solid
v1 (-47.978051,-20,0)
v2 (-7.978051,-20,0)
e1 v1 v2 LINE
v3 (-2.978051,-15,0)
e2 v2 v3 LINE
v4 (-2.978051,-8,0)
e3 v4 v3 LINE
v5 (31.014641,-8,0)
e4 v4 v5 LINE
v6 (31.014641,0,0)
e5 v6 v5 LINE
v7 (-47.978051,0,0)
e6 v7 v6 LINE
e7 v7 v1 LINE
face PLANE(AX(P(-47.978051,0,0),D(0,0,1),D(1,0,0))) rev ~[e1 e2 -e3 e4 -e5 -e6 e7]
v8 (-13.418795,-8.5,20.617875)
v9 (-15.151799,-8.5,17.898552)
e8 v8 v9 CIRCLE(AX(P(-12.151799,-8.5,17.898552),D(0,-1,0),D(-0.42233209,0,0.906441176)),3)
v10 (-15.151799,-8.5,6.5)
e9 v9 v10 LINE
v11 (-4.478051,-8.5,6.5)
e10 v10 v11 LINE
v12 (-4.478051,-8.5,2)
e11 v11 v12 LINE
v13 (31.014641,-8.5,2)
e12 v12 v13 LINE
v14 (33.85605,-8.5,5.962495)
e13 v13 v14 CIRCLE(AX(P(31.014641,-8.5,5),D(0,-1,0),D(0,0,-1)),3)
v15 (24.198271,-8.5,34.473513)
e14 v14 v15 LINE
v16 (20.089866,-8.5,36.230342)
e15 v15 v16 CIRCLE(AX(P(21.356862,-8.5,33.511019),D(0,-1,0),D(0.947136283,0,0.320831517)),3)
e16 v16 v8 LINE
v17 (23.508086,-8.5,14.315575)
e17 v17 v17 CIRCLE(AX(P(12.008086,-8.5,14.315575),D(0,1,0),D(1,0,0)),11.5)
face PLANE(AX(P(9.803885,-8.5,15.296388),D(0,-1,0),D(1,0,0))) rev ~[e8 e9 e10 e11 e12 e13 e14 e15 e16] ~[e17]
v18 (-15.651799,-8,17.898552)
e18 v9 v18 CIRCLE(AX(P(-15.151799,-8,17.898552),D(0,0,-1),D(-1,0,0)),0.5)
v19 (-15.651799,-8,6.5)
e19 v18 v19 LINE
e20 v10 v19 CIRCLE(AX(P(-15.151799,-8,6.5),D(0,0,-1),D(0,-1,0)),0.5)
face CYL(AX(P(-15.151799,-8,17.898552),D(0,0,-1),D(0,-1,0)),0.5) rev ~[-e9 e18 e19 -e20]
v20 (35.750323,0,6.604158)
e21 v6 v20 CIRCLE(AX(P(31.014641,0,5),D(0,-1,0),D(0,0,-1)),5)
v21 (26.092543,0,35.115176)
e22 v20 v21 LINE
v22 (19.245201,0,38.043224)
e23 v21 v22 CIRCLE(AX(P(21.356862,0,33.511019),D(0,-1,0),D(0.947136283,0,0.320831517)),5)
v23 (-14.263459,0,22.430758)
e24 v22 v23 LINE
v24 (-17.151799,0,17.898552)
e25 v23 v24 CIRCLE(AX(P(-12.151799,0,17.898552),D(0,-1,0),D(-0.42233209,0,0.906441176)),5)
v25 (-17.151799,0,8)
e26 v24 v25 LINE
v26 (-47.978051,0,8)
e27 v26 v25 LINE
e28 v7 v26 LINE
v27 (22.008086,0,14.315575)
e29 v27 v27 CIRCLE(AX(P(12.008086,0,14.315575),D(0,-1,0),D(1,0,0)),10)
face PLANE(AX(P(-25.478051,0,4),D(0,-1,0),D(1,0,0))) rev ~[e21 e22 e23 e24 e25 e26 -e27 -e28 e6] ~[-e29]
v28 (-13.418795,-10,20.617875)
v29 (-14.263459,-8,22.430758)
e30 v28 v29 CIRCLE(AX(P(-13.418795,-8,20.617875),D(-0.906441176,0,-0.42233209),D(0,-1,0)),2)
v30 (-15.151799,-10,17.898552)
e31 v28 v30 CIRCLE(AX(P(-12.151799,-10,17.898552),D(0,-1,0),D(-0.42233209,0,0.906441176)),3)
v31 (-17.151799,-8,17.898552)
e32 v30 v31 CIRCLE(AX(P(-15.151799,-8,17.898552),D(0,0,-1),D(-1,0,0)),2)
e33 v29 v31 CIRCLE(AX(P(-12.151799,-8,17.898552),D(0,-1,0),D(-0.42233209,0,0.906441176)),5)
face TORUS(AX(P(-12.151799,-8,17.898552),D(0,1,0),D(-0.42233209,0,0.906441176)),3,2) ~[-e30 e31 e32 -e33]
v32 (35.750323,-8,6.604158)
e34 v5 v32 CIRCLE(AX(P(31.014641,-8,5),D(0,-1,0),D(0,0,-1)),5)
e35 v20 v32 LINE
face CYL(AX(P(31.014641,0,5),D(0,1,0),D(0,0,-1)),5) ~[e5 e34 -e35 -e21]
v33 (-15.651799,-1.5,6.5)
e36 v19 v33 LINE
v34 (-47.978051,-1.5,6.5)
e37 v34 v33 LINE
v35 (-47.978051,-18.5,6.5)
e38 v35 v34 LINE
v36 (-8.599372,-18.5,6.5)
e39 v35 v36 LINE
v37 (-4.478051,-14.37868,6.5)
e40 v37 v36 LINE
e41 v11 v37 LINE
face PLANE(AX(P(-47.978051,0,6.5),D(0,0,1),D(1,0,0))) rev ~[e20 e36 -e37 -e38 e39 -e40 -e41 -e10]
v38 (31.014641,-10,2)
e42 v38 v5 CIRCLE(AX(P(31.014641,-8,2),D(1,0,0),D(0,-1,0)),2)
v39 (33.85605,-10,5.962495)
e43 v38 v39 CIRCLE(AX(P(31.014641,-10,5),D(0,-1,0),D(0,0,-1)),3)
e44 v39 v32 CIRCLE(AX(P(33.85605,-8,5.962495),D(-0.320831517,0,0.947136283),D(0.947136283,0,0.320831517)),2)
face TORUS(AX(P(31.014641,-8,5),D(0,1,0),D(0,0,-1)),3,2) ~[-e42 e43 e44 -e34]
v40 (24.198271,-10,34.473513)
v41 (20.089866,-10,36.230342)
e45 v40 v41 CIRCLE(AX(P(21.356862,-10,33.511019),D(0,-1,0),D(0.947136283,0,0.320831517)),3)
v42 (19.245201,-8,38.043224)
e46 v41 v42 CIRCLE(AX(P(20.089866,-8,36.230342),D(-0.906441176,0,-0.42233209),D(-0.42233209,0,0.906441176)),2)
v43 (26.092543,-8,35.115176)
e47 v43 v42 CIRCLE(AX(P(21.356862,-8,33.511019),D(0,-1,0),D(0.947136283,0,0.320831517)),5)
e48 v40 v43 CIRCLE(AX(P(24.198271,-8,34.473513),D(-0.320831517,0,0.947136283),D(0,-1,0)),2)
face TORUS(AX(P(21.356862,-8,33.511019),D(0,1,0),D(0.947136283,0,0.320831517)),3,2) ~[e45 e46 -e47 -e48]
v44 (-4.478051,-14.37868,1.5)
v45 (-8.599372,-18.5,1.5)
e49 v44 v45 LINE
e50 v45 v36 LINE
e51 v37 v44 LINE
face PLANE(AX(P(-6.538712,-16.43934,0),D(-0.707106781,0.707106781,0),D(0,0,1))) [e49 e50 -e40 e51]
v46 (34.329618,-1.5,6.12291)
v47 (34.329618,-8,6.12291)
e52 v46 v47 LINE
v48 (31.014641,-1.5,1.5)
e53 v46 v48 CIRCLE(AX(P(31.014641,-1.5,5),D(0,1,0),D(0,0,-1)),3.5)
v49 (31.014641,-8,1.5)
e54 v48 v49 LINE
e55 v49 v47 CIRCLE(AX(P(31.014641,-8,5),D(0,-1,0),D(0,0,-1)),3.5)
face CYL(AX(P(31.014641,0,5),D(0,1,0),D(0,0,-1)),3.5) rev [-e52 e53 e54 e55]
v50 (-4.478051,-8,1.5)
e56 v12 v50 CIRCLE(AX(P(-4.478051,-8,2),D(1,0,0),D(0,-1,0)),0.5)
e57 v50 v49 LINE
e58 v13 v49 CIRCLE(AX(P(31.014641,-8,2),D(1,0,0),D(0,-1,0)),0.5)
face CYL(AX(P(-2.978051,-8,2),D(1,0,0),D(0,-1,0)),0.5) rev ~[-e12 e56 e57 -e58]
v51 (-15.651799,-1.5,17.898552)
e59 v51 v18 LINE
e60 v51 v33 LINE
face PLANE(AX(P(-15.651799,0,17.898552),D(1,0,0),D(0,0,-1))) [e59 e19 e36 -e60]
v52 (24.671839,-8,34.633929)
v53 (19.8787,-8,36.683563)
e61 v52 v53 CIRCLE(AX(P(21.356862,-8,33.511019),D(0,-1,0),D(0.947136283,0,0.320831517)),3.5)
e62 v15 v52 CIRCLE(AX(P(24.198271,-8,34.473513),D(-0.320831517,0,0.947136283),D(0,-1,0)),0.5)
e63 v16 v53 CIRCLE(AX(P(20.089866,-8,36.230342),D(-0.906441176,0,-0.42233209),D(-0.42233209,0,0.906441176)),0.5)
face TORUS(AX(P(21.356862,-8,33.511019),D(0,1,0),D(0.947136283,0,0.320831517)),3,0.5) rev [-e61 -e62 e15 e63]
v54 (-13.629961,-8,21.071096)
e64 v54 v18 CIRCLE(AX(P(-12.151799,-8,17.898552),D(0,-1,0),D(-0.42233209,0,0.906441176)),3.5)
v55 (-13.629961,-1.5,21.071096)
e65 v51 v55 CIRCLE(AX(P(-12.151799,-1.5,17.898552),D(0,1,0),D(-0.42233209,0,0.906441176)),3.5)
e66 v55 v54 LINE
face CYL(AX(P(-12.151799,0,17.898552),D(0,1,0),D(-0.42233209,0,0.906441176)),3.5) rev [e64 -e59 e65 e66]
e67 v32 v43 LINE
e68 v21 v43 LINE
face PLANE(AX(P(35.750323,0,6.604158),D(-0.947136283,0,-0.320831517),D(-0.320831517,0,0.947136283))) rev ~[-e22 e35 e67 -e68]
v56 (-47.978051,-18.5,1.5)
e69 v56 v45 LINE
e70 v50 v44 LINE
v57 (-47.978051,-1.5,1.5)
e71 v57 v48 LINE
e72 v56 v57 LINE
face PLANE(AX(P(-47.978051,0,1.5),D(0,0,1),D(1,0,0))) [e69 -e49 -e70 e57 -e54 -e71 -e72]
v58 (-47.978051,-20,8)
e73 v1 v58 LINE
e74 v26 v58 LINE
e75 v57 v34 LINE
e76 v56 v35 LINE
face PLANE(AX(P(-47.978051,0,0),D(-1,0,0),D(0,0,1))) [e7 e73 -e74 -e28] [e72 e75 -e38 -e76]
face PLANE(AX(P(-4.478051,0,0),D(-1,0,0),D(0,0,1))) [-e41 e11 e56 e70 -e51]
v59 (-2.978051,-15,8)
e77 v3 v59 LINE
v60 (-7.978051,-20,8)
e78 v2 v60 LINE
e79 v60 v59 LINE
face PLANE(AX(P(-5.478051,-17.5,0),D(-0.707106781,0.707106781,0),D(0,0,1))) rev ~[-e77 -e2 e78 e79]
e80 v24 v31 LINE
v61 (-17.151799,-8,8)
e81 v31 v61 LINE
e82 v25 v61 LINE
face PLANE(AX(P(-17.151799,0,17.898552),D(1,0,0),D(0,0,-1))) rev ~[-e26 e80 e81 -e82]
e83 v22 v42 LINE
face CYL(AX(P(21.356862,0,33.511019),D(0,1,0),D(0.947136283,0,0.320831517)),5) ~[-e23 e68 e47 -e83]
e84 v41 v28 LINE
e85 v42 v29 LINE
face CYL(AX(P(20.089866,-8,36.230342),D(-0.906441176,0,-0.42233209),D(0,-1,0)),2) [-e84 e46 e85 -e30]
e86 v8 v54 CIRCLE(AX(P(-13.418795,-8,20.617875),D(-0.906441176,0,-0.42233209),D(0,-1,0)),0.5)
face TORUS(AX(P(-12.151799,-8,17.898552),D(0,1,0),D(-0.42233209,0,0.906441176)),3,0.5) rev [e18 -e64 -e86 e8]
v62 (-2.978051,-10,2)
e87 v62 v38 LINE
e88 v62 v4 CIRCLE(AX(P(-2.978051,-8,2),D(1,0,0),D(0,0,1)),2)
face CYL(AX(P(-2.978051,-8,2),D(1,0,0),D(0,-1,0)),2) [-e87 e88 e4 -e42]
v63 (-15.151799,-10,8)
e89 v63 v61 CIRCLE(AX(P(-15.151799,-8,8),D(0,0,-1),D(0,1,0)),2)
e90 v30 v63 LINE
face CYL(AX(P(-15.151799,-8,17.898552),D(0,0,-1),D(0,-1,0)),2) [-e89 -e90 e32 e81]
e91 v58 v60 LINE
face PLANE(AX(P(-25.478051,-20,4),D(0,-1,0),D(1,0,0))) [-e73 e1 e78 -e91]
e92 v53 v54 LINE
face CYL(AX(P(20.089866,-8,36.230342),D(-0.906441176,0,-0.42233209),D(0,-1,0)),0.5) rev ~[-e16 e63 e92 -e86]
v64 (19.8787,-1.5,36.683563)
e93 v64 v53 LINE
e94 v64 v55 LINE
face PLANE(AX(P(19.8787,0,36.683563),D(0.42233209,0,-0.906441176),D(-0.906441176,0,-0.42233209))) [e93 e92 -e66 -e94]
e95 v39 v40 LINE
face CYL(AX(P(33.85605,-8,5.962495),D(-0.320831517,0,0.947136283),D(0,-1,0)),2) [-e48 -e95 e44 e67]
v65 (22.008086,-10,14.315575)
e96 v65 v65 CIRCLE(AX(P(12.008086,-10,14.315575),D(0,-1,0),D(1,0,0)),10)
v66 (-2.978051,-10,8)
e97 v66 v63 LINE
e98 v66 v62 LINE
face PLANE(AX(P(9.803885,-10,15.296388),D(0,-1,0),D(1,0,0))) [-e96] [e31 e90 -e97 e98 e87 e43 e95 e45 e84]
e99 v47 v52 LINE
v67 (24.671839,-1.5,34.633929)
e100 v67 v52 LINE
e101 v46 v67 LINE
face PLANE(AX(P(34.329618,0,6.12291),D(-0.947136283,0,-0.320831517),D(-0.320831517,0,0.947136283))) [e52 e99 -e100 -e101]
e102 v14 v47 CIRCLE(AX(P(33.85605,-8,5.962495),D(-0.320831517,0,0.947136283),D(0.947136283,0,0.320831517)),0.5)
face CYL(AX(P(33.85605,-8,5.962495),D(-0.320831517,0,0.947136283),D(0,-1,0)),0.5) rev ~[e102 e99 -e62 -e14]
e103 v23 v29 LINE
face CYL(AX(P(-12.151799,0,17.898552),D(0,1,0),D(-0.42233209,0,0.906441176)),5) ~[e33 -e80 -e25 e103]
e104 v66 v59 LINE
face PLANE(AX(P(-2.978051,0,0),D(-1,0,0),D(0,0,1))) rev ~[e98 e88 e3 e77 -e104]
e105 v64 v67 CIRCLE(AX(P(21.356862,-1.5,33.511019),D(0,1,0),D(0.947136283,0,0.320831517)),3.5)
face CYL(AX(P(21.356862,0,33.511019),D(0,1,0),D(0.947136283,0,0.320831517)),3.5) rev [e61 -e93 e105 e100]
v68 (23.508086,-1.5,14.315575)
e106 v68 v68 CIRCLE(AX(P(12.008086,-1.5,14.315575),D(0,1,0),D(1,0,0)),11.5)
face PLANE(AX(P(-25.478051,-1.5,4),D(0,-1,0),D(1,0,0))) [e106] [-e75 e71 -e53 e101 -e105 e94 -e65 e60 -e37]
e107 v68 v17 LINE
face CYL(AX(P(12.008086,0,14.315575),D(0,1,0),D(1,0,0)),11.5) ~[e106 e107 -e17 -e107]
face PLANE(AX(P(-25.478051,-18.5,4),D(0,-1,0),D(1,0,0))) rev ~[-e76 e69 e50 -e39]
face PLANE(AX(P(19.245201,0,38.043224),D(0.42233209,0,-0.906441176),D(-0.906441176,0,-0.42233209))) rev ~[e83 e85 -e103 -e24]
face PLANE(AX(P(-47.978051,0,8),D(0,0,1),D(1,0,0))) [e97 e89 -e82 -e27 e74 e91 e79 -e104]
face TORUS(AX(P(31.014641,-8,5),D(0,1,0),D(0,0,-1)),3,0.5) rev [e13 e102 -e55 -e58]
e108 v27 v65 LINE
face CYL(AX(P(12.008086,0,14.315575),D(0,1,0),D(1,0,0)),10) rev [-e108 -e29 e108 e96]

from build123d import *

# Parameters (mm, degrees)
F0_R     = 10
F1_DEPTH = 10
F2_W     = 45
F2_H     = 8
F3_DEPTH = 20
F4_SIZE  = 5
F5_R     = 2
F6_T     = -1.5


with BuildPart() as f1:
    # F0 (on Front) → F1 (new body)
    with BuildSketch(Plane.XZ):
        with BuildLine():
            Line((-17.1517986995, 17.8985519321), (-17.1517986995, 5))
            ThreePointArc((-17.1517986995, 5), (-15.6873326054, 1.4644660941), (-12.1517986995, 0))
            Line((-12.1517986995, 0), (31.0146413554, 0))
            ThreePointArc((31.0146413554, 0), (35.0779397644, 2.0863071474), (35.7503227684, 6.6041575842))
            Line((35.7503227684, 6.6041575842), (26.0925432946, 35.115176199))
            ThreePointArc((26.0925432946, 35.115176199), (23.3227556246, 38.1083288927), (19.245201431, 38.0432244951))
            Line((19.245201431, 38.0432244951), (-14.2634591502, 22.4307578124))
            ThreePointArc((-14.2634591502, 22.4307578124), (-16.368331769, 20.585715655), (-17.1517986995, 17.8985519321))
        make_face()
        with Locations((12.0080858469, 14.3155753613)):
            Circle(F0_R, mode=Mode.SUBTRACT)
    extrude(amount=F1_DEPTH)

    # F2 (on Front) → F3 (join)
    with BuildSketch(Plane.XZ):
        with Locations((-25.4780513432, 4)):
            Rectangle(F2_W, F2_H)
    extrude(amount=F3_DEPTH)

    # F4
    f4_edges = [f1.edges().sort_by_distance(p)[0] for p in [
        (-2.978051, -20, 4),
    ]]
    chamfer(f4_edges, length=F4_SIZE)

    # F5
    f5_edges = [f1.edges().sort_by_distance(p)[0] for p in [
        (-17.151799, -10, 12.949276),
        (-16.368332, -10, 20.585716),
        (2.490871, -10, 30.236991),
        (23.322756, -10, 38.108329),
        (30.921433, -10, 20.859667),
        (35.07794, -10, 2.086307),
        (14.018295, -10, 0),
    ]]
    fillet(f5_edges, radius=F5_R)

    # F6
    f6_openings = [f1.faces().sort_by_distance(p)[0] for p in [
        (-47.978051, -10, 4),
    ]]
    offset(amount=F6_T, openings=f6_openings, kind=Kind.INTERSECTION)


solid = f1.part
